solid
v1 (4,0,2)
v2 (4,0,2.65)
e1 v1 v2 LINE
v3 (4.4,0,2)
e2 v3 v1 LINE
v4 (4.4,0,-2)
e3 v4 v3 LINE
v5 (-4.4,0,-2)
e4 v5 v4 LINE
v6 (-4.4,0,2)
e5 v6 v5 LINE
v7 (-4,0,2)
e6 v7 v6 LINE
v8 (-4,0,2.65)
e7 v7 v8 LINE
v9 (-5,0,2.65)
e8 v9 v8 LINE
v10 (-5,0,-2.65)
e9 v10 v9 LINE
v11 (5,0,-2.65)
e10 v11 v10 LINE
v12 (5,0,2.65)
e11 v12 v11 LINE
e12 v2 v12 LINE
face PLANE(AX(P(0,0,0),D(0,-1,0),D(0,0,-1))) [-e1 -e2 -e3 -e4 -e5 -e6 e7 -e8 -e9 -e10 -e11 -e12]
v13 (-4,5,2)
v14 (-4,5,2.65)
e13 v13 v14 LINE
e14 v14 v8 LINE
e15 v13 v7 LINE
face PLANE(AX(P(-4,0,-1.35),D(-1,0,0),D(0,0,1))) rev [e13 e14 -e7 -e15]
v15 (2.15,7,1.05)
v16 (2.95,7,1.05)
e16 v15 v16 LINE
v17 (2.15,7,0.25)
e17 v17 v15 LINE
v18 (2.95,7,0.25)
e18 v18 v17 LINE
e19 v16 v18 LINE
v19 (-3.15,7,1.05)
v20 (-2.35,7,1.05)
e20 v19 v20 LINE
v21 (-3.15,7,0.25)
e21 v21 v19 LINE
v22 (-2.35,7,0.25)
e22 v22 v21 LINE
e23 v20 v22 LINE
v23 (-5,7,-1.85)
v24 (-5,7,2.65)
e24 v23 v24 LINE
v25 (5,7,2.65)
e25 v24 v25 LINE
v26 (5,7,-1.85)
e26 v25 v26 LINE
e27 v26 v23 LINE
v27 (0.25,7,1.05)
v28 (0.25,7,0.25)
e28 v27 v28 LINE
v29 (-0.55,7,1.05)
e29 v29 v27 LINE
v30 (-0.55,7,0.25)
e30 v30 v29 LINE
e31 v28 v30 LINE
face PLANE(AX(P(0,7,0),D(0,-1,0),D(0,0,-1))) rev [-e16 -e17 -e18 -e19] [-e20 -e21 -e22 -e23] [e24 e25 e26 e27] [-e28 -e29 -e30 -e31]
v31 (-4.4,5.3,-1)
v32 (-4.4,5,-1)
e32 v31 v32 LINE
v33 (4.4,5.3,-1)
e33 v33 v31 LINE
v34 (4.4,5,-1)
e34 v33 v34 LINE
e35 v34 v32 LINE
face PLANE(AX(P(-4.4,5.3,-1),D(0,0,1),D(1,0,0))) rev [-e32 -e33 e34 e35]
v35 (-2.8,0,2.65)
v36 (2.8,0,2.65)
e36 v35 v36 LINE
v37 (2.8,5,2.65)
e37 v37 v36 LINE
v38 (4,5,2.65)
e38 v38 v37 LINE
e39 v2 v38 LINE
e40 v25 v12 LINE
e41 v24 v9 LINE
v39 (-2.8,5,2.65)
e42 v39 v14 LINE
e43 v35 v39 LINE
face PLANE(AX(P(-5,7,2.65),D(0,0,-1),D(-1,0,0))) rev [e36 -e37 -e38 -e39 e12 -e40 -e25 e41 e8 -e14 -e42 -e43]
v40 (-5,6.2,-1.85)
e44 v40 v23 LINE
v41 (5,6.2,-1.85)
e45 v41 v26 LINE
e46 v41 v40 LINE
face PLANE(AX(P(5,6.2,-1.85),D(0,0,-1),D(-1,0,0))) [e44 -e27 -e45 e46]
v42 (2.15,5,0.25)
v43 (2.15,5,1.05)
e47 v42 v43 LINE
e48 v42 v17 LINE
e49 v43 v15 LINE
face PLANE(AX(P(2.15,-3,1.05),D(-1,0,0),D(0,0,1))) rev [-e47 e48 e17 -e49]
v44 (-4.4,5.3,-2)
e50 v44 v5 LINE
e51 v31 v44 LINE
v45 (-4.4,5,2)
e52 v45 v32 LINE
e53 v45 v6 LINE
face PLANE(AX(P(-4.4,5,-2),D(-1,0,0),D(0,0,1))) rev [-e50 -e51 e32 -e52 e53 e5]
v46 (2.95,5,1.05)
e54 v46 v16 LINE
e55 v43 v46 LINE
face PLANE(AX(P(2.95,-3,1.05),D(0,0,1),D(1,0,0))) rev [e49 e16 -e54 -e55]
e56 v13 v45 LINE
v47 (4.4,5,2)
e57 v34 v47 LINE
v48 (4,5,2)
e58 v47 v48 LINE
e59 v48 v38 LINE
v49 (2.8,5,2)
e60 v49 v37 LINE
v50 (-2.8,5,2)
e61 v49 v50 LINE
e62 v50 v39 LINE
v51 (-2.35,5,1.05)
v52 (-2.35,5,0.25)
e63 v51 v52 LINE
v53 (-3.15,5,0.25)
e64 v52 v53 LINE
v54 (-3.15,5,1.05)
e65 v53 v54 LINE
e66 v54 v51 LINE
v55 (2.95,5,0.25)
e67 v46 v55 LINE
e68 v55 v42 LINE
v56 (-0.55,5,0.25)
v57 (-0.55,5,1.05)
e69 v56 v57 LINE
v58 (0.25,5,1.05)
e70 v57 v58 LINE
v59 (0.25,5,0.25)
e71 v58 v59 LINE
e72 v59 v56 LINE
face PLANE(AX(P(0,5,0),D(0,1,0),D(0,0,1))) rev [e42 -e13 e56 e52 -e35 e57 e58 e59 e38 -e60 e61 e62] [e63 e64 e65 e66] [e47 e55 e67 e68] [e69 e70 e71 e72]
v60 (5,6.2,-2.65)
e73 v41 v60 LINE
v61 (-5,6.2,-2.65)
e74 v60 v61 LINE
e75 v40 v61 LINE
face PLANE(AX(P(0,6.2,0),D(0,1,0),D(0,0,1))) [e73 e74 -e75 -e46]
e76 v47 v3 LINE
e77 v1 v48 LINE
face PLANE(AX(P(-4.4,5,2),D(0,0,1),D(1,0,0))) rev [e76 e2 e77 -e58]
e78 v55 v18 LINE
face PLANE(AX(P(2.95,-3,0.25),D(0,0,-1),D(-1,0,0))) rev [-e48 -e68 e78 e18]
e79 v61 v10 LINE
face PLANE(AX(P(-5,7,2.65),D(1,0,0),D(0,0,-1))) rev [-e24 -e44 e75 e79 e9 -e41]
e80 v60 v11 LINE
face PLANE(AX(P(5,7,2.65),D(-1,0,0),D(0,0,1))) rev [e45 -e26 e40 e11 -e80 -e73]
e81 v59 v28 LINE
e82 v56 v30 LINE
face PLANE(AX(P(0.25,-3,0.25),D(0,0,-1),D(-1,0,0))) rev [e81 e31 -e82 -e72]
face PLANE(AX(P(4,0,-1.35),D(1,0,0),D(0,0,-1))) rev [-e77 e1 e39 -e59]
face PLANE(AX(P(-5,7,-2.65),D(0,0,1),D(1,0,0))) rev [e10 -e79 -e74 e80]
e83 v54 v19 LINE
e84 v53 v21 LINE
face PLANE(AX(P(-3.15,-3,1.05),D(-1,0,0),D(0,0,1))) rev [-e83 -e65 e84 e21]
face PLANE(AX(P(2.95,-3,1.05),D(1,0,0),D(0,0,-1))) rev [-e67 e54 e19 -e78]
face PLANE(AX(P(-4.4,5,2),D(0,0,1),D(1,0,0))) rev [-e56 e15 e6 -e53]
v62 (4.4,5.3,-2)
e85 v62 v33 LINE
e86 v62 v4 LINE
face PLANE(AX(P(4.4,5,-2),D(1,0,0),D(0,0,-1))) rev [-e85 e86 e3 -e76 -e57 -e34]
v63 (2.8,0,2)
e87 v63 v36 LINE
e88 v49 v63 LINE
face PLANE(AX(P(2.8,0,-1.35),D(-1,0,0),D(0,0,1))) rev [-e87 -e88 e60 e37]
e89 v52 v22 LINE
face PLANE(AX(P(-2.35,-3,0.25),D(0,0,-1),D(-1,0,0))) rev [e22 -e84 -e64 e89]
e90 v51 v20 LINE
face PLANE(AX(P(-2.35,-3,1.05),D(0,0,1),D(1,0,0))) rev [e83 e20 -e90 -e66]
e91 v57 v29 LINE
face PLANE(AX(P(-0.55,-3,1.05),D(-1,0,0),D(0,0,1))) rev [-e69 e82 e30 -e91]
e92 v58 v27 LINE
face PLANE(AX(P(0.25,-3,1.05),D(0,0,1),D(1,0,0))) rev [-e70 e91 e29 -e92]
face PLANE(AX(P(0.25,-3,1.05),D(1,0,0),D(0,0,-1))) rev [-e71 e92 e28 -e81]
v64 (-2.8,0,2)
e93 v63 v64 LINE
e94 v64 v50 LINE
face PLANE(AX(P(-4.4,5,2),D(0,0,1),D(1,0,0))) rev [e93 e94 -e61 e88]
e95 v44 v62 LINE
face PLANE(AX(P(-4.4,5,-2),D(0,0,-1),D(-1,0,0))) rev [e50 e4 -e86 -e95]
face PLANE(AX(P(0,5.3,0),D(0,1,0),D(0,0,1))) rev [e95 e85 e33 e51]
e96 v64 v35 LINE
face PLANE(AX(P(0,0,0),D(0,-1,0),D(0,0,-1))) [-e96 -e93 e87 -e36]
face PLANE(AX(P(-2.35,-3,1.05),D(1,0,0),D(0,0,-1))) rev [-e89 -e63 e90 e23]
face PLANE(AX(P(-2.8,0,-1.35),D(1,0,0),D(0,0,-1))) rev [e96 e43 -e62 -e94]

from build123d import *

# Parameters (mm, degrees)
SKETCH1_W           = 10
SKETCH1_H           = 5.3
BOSS_EXTRUDE1_DEPTH = 7
SKETCH3_W           = 8.8
SKETCH3_H           = 4
CUT_EXTRUDE1_DEPTH  = 5
SKETCH4_W           = 1.2
SKETCH4_H           = 5
CUT_EXTRUDE2_DEPTH  = 4
SKETCH5_W           = 10
SKETCH5_H           = 0.8
CUT_EXTRUDE3_DEPTH  = 0.8
SKETCH6_W           = 0.8
SKETCH6_H           = 0.8
CUT_EXTRUDE4_DEPTH  = 10
SKETCH7_W           = 8.8
SKETCH7_H           = 1
CUT_EXTRUDE5_DEPTH  = 0.3


with BuildPart() as part:
    # Sketch1 → Boss-Extrude1 (new body)
    with BuildSketch(Plane(origin=(0, 0, 0), x_dir=(1, 0, 0), z_dir=(0, 1, 0))):
        Rectangle(SKETCH1_W, SKETCH1_H)
    extrude(amount=BOSS_EXTRUDE1_DEPTH)

    # Sketch3 → Cut-Extrude1 (cut)
    with BuildSketch(Plane.XZ):
        Rectangle(SKETCH3_W, SKETCH3_H)
    extrude(amount=-CUT_EXTRUDE1_DEPTH, mode=Mode.SUBTRACT)

    # Sketch4 → Cut-Extrude2 (cut)
    with BuildSketch(Plane.XY.offset(2.65)):
        with Locations((-3.4, 2.5)):
            Rectangle(SKETCH4_W, SKETCH4_H)
        with Locations((3.4, 2.5)):
            Rectangle(SKETCH4_W, SKETCH4_H)
    extrude(amount=-CUT_EXTRUDE2_DEPTH, mode=Mode.SUBTRACT)

    # Sketch5 → Cut-Extrude3 (cut)
    with BuildSketch(Plane(origin=(0, 7, 0), x_dir=(1, 0, 0), z_dir=(0, 1, 0))):
        with Locations((0, 2.25)):
            Rectangle(SKETCH5_W, SKETCH5_H)
    extrude(amount=-CUT_EXTRUDE3_DEPTH, mode=Mode.SUBTRACT)

    # Sketch6 → Cut-Extrude4 (cut)
    with BuildSketch(Plane(origin=(0, 7, 0), x_dir=(1, 0, 0), z_dir=(0, 1, 0))):
        with Locations((2.55, -0.65)):
            Rectangle(SKETCH6_W, SKETCH6_H)
        with Locations((-0.15, -0.65)):
            Rectangle(SKETCH6_W, SKETCH6_H)
        with Locations((-2.75, -0.65)):
            Rectangle(SKETCH6_W, SKETCH6_H)
    extrude(amount=-CUT_EXTRUDE4_DEPTH, mode=Mode.SUBTRACT)

    # Sketch7 → Cut-Extrude5 (cut)
    with BuildSketch(Plane.XZ.offset(-5)):
        with Locations((0, -1.5)):
            Rectangle(SKETCH7_W, SKETCH7_H)
    extrude(amount=-CUT_EXTRUDE5_DEPTH, mode=Mode.SUBTRACT)


solid = part.part
